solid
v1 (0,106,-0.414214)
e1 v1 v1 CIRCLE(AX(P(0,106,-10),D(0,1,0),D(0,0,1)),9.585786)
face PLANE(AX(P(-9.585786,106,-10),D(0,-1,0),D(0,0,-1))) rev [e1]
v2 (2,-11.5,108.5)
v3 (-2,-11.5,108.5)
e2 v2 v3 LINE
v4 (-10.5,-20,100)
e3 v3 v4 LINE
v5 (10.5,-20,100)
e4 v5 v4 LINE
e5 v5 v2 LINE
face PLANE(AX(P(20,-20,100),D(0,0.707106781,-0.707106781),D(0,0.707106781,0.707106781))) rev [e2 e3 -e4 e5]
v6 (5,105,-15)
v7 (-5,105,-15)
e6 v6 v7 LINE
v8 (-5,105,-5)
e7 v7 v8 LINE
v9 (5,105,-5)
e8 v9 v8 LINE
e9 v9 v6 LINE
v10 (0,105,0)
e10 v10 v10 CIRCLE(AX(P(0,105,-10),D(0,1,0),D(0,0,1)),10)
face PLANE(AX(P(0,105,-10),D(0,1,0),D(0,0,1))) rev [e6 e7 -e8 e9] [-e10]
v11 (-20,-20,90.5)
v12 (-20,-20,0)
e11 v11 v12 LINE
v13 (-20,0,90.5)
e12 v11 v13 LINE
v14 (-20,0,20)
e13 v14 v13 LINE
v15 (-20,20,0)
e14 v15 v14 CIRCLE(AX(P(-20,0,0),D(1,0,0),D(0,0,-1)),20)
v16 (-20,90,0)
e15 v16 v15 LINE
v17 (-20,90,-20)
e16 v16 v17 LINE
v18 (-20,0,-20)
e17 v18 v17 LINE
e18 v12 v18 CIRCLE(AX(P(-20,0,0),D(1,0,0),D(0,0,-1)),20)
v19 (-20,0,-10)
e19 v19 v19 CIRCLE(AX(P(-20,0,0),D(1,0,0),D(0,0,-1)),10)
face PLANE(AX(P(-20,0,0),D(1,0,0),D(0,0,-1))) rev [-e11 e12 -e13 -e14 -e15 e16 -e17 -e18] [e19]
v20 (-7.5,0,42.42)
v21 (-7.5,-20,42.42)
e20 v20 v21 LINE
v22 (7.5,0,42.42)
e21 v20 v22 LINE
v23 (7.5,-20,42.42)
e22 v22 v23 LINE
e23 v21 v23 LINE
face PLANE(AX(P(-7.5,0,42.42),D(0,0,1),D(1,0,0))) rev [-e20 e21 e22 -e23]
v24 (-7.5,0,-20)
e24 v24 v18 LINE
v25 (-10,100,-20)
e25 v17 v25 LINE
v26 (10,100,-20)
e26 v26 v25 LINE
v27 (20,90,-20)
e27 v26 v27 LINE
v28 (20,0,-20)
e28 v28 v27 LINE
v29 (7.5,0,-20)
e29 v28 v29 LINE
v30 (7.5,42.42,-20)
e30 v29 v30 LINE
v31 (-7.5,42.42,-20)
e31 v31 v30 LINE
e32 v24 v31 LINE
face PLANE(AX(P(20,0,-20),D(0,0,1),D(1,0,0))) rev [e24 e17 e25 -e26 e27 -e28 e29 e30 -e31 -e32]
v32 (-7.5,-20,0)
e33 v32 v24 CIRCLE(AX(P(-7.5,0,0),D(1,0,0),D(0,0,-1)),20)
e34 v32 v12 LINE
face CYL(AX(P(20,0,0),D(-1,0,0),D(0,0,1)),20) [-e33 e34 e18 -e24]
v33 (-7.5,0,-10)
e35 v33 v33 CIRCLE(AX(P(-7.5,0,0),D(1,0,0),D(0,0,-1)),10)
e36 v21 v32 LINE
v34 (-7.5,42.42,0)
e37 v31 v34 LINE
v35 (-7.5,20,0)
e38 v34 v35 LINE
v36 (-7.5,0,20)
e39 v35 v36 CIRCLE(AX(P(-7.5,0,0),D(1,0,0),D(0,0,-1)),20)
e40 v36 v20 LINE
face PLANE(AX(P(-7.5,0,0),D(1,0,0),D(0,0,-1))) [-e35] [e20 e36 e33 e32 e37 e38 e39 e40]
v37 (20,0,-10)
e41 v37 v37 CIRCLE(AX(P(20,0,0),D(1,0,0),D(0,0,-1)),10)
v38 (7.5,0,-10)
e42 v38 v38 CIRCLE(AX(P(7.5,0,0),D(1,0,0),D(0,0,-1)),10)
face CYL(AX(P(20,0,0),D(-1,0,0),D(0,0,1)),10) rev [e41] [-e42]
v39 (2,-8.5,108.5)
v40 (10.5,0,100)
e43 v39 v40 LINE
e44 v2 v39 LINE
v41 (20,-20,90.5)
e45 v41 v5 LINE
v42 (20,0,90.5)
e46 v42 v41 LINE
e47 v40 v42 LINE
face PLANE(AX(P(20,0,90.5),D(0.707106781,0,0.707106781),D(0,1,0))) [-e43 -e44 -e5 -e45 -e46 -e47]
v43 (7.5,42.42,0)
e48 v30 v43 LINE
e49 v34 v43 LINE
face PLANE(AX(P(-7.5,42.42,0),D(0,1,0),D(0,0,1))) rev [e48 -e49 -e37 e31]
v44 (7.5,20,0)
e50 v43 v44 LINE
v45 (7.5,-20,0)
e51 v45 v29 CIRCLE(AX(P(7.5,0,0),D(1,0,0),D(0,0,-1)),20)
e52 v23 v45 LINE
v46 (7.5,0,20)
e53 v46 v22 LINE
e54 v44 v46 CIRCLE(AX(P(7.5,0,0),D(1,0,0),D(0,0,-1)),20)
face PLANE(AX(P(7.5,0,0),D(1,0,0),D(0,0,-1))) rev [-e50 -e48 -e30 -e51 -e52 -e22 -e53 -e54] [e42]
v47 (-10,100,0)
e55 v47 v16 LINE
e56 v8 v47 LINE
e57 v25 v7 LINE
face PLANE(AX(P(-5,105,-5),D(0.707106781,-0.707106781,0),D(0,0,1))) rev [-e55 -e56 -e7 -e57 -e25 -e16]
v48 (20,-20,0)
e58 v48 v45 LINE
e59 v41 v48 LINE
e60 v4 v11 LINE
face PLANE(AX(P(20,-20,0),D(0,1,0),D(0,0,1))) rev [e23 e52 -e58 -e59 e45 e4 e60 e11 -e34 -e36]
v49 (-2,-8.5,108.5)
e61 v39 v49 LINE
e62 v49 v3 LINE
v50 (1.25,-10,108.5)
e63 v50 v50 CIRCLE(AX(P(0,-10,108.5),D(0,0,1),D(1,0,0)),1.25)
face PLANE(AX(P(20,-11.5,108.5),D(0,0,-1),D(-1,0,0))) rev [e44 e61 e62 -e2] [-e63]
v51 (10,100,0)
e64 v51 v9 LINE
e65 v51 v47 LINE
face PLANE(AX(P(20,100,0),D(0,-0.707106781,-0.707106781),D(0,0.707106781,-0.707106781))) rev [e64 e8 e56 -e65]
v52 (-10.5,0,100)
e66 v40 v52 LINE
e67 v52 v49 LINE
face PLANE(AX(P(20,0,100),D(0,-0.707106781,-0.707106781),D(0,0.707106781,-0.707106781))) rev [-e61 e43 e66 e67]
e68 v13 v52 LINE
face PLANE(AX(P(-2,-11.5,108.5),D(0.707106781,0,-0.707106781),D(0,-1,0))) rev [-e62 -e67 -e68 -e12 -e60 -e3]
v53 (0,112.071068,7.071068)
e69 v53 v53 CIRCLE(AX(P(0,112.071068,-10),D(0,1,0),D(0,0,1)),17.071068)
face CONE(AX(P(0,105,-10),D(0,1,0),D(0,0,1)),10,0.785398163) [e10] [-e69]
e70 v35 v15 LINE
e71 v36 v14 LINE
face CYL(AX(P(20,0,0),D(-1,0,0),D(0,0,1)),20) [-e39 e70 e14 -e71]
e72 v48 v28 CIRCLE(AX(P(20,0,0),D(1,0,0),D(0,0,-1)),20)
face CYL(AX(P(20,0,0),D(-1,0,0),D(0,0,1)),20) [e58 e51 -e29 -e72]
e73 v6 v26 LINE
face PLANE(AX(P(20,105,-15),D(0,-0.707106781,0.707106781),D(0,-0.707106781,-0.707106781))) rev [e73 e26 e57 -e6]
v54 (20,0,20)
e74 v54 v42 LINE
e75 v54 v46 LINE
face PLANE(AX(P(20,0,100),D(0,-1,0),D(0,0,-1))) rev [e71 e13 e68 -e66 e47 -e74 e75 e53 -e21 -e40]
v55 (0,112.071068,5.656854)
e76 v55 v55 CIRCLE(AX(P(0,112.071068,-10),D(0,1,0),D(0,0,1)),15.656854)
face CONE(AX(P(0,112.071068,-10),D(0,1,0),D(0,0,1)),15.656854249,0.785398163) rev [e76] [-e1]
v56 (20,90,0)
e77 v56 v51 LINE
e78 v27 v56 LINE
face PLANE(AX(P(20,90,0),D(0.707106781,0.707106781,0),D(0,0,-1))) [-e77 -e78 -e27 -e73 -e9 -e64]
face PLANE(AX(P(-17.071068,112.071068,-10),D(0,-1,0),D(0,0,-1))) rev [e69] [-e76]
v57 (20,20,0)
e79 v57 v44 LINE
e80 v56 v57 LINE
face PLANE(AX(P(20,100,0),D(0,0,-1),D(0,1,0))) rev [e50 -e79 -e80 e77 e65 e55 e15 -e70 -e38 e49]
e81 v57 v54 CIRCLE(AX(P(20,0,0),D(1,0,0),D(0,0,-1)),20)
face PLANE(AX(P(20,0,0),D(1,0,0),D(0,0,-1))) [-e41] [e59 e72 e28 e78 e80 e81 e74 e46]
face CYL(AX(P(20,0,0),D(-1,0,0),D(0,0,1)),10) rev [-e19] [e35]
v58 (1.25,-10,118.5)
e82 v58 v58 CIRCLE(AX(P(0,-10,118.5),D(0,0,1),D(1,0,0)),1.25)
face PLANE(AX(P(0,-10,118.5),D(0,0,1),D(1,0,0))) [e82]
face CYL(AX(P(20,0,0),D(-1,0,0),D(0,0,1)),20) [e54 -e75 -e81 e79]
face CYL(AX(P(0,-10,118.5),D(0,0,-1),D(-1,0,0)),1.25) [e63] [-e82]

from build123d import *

# Parameters (mm, degrees)
SKETCH1_TOOL_TIP_R  = 10
BOSS_EXTRUDE1_DEPTH = 20
CHAMFER1_SIZE       = 18
CUT_EXTRUDE1_DEPTH  = 7.5
SKETCH3_TOOL_TIP_R  = 1.25
BOSS_EXTRUDE2_DEPTH = 10
CHAMFER2_SIZE       = 15


with BuildPart() as part:
    # sketch1_tool_tip → Boss-Extrude1 (new body, symmetric)
    with BuildSketch(Plane(origin=(0, 0, 0), x_dir=(0, 0, -1), z_dir=(1, 0, 0))):
        with BuildLine():
            Line((-100, 0), (-108.5, -8.5))
            Line((-108.5, -8.5), (-108.5, -11.5))
            Line((-108.5, -11.5), (-100, -20))
            Line((-100, -20), (0, -20))
            ThreePointArc((0, -20), (14.142135624, -14.142135624), (20, 0))
            Line((20, 0), (20, 100))
            Line((20, 100), (15, 105))
            Line((15, 105), (5, 105))
            Line((5, 105), (0, 100))
            Line((0, 100), (0, 20))
            ThreePointArc((0, 20), (-14.142135624, 14.142135624), (-20, 0))
            Line((-20, 0), (-100, 0))
        make_face()
        Circle(SKETCH1_TOOL_TIP_R, mode=Mode.SUBTRACT)
    extrude(amount=BOSS_EXTRUDE1_DEPTH, both=True)

    # Chamfer1
    chamfer1_edges = [part.edges().sort_by_distance(p)[0] for p in [
        (-20, -10, 108.5),
        (20, -10, 108.5),
    ]]
    chamfer(chamfer1_edges, length=CHAMFER1_SIZE)

    # sketch2_tool_tip → Cut-Extrude1 (cut, symmetric)
    with BuildSketch(Plane(origin=(0, 0, 0), x_dir=(0, 0, -1), z_dir=(1, 0, 0))):
        with BuildLine():
            Line((-42.42, -20), (0, -20))
            ThreePointArc((0, -20), (14.142135624, -14.142135624), (20, 0))
            Line((20, 0), (20, 42.42))
            Line((20, 42.42), (0, 42.42))
            Line((0, 42.42), (0, 20))
            ThreePointArc((0, 20), (-14.142135624, 14.142135624), (-20, 0))
            Line((-20, 0), (-42.42, 0))
            Line((-42.42, 0), (-42.42, -20))
        make_face()
    extrude(amount=CUT_EXTRUDE1_DEPTH, both=True, mode=Mode.SUBTRACT)

    # sketch3_tool_tip → Boss-Extrude2 (add)
    with BuildSketch(Plane.XY.offset(108.5)):
        with Locations((0, -10)):
            Circle(SKETCH3_TOOL_TIP_R)
    extrude(amount=BOSS_EXTRUDE2_DEPTH)

    # Chamfer2
    chamfer2_edges = [part.edges().sort_by_distance(p)[0] for p in [
        (-20, 105, -10),
        (20, 105, -10),
    ]]
    chamfer(chamfer2_edges, length=CHAMFER2_SIZE)

    # sketch4_tool_tip → Revolve1 (revolve)
    with BuildSketch(Plane(origin=(0, 0, -10), x_dir=(-1, 0, 0), z_dir=(0, 0, -1))):
        Polygon((0, 105), (10, 105), (17.071067812, 112.071067812), (15.656854249, 112.071067812), (9.585786438, 106), (0, 106), align=None)
    revolve(axis=Axis((0, 105, -10), (0, -1, 0)))


solid = part.part
